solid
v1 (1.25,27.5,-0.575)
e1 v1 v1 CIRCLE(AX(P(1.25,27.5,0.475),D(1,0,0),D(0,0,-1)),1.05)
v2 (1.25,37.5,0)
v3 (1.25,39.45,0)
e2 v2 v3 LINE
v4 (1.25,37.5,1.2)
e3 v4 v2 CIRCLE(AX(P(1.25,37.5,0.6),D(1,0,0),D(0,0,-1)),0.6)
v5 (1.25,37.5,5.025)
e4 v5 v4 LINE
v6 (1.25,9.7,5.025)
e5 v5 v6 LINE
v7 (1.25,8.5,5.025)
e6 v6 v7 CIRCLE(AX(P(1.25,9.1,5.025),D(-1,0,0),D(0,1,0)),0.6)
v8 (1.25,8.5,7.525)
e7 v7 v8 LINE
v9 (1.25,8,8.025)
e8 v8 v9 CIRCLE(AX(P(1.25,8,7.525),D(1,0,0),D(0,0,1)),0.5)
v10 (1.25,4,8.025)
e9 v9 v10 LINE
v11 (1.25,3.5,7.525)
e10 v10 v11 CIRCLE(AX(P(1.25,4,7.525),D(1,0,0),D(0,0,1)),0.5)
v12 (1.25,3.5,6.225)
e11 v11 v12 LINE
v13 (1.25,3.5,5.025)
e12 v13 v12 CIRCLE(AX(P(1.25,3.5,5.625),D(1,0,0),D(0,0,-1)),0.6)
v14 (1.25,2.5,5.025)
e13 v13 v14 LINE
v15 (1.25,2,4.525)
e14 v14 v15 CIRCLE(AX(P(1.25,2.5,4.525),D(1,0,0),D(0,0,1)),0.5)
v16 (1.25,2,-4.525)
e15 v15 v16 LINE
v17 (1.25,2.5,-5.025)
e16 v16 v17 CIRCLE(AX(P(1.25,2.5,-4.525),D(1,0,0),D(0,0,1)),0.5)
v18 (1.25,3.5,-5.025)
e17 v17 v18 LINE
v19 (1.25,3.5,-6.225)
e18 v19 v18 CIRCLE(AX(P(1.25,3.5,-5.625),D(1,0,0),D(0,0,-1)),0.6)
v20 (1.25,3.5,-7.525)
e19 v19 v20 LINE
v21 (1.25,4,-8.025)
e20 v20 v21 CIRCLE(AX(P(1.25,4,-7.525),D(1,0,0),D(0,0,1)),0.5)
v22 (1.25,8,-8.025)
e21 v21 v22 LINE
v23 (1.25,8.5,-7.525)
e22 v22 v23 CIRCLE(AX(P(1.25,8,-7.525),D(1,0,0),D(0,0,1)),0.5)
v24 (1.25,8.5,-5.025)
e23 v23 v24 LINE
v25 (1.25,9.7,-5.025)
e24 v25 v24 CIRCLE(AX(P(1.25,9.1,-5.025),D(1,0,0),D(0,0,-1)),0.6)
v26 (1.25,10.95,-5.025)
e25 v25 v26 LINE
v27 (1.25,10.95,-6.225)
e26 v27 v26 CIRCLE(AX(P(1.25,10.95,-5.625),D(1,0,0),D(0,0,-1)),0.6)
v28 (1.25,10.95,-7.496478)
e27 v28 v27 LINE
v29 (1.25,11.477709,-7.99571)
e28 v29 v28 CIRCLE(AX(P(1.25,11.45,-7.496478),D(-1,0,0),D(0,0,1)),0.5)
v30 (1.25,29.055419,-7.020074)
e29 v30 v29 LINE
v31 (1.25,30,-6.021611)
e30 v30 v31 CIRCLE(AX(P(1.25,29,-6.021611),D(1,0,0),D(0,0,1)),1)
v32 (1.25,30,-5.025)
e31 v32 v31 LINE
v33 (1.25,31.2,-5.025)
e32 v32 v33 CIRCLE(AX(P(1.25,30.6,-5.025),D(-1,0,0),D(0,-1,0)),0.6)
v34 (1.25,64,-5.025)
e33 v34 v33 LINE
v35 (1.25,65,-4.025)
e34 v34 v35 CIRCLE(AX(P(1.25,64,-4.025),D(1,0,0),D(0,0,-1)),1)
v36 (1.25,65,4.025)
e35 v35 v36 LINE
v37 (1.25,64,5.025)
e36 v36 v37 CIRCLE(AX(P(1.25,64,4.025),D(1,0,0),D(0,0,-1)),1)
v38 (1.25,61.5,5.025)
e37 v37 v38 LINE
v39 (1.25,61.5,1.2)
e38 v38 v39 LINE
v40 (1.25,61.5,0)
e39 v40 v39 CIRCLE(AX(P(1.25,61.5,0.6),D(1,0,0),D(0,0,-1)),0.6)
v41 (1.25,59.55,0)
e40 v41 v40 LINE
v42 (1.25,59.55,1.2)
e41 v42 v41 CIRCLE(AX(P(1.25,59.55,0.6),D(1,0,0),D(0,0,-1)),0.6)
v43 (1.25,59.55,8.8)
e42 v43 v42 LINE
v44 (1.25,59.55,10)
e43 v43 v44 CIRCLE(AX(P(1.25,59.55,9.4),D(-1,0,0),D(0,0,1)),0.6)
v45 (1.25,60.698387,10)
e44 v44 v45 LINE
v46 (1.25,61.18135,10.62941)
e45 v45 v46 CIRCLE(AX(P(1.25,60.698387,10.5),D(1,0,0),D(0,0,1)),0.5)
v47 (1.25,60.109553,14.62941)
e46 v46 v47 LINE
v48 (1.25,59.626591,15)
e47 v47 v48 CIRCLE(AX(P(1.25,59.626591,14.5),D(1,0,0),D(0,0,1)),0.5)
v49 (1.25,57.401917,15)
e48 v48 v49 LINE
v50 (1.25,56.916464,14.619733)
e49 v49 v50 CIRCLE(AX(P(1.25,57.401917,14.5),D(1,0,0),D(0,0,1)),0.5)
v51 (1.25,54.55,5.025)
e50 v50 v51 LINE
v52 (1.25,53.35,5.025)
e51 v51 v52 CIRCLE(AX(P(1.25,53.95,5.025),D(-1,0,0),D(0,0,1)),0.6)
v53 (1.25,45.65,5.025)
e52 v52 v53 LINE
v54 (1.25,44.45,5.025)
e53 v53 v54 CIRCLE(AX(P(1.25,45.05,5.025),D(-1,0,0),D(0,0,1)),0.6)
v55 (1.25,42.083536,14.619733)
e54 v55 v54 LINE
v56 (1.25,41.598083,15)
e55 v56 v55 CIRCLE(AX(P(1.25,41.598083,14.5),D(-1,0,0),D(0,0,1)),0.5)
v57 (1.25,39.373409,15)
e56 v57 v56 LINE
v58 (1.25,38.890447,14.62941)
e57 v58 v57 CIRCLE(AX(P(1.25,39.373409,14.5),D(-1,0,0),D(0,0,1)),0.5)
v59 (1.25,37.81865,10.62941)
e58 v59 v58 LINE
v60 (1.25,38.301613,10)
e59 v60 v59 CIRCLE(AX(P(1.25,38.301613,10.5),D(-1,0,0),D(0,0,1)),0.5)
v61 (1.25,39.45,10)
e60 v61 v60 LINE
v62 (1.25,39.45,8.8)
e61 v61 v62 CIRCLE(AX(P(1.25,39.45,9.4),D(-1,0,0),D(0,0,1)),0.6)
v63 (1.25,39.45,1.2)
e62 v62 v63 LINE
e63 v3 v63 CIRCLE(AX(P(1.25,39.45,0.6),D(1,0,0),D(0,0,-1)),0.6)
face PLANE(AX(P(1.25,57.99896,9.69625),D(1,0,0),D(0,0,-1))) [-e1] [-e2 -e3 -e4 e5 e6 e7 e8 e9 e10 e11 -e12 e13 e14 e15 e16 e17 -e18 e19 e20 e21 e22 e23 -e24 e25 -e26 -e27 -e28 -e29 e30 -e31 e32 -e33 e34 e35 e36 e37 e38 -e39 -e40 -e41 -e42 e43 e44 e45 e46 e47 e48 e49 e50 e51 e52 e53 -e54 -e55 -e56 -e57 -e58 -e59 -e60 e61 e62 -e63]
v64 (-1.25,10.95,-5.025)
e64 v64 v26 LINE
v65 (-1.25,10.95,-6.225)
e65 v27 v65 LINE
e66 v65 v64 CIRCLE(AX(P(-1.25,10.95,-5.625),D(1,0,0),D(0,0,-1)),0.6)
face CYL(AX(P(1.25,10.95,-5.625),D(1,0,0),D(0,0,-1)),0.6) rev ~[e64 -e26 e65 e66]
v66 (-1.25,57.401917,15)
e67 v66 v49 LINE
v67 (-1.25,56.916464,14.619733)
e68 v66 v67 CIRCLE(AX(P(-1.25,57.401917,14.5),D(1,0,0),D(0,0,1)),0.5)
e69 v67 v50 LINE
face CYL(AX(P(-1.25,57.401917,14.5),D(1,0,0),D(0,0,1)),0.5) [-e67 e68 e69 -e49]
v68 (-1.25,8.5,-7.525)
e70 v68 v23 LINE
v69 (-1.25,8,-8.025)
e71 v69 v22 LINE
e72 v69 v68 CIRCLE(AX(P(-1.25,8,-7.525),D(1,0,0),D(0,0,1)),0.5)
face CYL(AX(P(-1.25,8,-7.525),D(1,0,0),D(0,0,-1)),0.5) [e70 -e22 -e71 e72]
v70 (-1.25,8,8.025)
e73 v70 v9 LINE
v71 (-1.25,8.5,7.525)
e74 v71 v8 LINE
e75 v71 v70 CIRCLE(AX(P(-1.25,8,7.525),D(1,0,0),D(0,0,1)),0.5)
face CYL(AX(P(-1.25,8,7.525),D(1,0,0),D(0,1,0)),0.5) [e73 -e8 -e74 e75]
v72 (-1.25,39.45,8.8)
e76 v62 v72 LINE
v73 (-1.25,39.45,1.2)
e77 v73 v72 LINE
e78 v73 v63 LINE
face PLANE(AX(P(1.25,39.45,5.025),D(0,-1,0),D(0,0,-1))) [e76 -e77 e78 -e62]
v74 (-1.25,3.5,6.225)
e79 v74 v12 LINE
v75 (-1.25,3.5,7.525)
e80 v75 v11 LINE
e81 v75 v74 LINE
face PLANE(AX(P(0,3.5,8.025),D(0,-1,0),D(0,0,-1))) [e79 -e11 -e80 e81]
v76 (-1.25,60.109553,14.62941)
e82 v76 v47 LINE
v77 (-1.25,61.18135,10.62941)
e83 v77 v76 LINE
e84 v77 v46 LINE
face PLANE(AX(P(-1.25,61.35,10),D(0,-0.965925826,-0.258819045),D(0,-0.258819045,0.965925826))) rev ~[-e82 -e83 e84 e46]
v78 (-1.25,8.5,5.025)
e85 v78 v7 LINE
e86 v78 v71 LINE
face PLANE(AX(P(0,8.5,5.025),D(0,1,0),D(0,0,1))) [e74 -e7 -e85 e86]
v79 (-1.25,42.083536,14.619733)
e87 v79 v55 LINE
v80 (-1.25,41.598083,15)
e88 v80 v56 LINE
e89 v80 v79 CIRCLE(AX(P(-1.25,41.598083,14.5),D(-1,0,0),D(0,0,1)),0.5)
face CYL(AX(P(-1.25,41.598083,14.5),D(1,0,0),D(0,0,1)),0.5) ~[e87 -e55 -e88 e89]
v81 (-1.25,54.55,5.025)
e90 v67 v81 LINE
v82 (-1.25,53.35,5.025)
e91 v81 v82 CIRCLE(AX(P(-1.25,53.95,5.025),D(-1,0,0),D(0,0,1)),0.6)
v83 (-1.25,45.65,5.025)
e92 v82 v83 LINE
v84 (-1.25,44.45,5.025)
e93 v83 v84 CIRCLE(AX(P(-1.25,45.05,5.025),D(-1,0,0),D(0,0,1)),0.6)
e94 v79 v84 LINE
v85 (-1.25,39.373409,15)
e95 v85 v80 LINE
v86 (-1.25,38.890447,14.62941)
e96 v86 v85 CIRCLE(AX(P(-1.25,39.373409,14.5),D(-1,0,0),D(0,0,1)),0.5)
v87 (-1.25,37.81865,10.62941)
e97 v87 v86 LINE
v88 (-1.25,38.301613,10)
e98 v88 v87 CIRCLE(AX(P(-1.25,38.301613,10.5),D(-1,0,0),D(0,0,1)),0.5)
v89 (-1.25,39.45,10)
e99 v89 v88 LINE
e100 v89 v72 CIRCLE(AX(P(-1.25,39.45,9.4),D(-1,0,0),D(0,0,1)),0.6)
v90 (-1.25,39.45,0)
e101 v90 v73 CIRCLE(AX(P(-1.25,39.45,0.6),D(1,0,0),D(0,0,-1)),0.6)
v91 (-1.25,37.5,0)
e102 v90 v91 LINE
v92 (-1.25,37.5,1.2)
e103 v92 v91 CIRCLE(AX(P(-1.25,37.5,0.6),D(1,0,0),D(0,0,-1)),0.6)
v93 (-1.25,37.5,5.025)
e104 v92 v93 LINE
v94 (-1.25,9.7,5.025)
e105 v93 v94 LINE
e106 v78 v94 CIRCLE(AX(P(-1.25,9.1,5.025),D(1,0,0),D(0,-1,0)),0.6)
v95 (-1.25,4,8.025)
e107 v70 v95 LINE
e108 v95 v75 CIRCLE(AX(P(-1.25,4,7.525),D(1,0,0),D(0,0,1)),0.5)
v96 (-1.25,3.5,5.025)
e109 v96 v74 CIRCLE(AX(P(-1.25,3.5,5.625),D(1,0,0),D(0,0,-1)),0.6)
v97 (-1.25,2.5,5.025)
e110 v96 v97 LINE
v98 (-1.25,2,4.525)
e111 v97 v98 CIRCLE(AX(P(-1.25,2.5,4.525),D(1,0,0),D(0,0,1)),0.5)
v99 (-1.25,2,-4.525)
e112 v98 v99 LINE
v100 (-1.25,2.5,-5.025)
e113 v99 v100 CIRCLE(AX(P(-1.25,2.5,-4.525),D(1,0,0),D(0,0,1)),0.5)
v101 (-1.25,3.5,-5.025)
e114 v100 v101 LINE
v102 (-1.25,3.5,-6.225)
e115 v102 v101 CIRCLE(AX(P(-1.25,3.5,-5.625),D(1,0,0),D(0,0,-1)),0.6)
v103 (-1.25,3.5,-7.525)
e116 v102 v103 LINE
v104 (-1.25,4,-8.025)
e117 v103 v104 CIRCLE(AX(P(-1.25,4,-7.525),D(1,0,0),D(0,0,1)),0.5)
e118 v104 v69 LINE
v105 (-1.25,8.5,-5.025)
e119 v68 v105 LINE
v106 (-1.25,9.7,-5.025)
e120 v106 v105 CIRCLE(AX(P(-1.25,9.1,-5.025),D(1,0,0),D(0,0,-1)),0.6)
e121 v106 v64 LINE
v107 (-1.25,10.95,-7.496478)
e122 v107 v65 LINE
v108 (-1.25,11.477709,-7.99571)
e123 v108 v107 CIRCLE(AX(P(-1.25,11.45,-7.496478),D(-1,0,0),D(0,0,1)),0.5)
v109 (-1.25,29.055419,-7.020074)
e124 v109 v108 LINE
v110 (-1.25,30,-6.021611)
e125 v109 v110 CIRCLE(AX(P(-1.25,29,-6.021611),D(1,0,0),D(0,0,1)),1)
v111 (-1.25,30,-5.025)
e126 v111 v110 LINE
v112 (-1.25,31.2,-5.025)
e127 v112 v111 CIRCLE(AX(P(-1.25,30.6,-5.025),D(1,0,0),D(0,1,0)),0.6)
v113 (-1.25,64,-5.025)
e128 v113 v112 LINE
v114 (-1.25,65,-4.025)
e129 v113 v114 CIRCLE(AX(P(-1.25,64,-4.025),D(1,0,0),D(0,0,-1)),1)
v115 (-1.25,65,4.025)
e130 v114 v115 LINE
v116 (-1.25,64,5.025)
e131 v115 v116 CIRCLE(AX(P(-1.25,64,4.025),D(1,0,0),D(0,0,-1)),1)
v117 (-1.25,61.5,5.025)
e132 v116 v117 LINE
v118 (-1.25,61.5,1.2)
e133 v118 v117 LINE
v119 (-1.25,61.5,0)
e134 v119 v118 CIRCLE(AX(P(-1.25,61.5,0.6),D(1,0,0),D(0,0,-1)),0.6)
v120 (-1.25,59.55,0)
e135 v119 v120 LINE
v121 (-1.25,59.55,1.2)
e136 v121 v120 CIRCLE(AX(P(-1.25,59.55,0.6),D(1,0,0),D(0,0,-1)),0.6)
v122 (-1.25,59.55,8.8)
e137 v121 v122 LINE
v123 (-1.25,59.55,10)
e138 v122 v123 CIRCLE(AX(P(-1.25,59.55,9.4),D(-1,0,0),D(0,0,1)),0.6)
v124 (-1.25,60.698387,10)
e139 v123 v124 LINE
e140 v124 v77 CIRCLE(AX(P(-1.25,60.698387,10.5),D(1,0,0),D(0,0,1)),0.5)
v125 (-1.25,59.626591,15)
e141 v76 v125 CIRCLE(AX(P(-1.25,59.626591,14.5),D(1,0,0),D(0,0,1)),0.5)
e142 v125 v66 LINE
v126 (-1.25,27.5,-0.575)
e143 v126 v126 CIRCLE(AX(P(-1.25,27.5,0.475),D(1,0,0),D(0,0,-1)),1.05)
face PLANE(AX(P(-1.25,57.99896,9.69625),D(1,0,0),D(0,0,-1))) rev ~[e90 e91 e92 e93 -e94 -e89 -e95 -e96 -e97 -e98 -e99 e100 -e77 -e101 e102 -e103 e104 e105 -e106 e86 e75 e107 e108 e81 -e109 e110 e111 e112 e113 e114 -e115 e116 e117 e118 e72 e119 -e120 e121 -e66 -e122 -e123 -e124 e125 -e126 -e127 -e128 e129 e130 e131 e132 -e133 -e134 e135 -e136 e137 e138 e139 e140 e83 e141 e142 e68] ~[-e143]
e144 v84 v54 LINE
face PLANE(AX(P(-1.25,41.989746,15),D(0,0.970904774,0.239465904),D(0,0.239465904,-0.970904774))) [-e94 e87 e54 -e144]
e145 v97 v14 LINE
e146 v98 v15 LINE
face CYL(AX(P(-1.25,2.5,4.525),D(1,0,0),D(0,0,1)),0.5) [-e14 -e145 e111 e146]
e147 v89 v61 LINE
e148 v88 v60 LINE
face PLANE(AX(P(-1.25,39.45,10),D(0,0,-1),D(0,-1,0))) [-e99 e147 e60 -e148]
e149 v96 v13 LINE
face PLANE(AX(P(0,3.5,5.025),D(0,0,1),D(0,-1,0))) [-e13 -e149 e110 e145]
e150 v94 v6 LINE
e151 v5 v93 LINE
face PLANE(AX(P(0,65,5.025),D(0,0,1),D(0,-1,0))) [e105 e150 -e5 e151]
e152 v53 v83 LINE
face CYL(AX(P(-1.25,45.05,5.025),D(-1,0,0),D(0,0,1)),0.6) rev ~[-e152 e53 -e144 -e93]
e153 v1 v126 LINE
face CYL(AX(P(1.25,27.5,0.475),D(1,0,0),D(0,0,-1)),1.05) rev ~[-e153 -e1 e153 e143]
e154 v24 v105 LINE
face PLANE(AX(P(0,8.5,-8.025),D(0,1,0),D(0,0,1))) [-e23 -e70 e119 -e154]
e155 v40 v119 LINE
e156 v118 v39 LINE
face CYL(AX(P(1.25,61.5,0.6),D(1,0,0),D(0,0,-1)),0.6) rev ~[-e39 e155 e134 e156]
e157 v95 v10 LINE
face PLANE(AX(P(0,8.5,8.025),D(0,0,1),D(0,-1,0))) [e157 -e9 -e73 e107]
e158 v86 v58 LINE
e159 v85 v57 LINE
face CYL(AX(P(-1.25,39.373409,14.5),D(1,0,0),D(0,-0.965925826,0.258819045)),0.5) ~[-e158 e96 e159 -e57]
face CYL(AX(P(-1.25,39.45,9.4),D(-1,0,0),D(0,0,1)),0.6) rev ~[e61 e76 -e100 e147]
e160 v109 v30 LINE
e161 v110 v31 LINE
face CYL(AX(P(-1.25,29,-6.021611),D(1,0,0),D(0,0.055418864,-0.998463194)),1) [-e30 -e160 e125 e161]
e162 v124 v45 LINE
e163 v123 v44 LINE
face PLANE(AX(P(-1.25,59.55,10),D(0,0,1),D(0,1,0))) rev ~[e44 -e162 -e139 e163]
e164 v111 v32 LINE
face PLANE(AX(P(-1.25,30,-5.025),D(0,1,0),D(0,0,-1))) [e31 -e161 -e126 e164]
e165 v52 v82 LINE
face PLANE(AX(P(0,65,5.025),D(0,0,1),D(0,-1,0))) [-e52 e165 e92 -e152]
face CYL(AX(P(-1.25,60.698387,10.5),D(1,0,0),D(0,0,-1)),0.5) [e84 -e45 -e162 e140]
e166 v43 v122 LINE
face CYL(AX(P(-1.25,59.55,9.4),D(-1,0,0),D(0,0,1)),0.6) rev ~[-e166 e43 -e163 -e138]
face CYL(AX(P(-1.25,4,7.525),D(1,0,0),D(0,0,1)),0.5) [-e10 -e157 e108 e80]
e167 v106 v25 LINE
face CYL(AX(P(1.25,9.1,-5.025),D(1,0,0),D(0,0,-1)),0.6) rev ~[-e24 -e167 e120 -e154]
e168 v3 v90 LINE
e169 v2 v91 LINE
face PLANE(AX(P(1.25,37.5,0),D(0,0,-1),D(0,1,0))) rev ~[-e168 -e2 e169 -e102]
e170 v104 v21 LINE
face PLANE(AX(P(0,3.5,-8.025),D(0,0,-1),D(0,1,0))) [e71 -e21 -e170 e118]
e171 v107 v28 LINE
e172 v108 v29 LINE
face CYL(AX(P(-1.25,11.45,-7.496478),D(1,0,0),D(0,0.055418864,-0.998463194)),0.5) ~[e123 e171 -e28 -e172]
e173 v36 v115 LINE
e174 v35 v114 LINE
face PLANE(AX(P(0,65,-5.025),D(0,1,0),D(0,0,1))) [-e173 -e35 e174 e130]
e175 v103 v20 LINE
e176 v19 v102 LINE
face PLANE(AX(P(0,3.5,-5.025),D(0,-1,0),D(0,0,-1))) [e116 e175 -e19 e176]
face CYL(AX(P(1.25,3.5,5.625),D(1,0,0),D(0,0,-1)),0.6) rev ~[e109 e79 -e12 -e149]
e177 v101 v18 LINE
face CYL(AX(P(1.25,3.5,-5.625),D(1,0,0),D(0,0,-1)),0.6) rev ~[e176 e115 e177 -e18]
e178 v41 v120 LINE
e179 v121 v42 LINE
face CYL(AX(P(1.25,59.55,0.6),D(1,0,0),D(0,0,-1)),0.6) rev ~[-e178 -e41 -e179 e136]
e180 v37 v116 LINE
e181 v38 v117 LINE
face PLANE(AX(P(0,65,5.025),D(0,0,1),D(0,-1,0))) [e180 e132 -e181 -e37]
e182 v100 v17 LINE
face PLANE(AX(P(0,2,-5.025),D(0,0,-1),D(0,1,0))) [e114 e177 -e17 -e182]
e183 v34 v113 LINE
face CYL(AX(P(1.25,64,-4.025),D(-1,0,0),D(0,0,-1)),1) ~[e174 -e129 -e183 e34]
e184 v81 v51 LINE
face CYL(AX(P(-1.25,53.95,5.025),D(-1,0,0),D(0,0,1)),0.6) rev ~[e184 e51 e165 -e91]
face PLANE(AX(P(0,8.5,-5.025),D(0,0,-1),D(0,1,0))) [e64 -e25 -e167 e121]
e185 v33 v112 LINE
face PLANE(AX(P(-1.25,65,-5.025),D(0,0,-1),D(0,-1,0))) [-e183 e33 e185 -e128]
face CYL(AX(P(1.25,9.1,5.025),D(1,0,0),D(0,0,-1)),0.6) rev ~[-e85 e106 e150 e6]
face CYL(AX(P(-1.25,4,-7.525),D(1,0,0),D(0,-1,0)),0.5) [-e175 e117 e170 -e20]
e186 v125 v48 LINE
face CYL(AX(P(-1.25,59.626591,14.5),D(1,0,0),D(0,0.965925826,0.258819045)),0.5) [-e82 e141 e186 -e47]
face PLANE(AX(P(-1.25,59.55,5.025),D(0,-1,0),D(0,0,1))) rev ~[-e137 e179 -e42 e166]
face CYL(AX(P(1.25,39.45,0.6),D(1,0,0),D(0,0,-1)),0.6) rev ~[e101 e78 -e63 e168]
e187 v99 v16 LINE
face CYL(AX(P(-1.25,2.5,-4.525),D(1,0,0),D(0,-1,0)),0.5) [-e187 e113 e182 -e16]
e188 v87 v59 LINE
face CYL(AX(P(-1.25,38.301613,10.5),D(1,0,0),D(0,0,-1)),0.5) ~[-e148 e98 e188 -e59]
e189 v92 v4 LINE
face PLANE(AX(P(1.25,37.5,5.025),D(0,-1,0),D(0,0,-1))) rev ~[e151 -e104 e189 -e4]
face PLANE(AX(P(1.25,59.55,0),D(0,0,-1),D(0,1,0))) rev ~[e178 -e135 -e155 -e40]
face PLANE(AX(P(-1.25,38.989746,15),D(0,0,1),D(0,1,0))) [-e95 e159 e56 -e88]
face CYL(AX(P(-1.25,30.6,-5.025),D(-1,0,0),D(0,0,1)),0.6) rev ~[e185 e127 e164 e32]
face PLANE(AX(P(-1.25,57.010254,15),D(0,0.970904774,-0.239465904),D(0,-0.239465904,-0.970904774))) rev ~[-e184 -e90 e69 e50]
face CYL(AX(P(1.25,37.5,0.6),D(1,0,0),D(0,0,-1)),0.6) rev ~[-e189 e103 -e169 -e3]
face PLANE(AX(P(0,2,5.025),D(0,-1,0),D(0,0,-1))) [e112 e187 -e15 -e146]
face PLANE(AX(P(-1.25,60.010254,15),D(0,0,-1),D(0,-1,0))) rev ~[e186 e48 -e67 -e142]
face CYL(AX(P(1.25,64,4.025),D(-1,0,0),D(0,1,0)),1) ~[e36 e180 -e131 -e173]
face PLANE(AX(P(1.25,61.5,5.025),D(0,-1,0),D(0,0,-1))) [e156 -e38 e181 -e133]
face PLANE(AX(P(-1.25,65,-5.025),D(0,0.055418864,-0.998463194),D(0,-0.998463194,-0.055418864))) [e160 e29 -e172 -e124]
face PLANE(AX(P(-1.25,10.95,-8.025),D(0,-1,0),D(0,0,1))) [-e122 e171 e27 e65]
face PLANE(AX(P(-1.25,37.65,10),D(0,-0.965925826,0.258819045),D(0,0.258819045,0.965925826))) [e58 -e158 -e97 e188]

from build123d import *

# Parameters (mm, degrees)
EXTRUDE_1_DEPTH     = 1.25
EXTRUDE_2_DEPTH     = 2.5
SKETCH_3_R          = 0.6
CUT_EXTRUDE_1_DEPTH = 3.5
FILLET_1_R          = 0.5
SKETCH_5_W          = 5.025
SKETCH_5_H          = 1.95
CUT_EXTRUDE_2_DEPTH = 3.5
SKETCH_6_R          = 0.6
CUT_EXTRUDE_3_DEPTH = 3.5
CUT_EXTRUDE_4_DEPTH = 3.5
SKETCH_8_R          = 0.6
CUT_EXTRUDE_5_DEPTH = 3.5
FILLET_2_R          = 1
EXTRUDE_3_DEPTH     = 2.5
SKETCH_10_R         = 0.6
CUT_EXTRUDE_6_DEPTH = 3.5
FILLET_3_R          = 0.5
SKETCH_11_R         = 1.05
CUT_EXTRUDE_7_DEPTH = 3.5


with BuildPart() as part:
    # 草图2 → 凸台-拉伸1 (new body, symmetric)
    with BuildSketch(Plane(origin=(0, 0, 0), x_dir=(0, 0, -1), z_dir=(1, 0, 0))):
        Polygon((-5.025, 65), (-5.025, 8.5), (-8.025, 8.5), (-8.025, 3.5), (-5.025, 3.5), (-5.025, 2), (5.025, 2), (5.025, 3.5), (8.025, 3.5), (8.025, 8.5), (5.025, 8.5), (5.025, 65), align=None)
    extrude(amount=EXTRUDE_1_DEPTH, both=True)

    # 草图4 → 凸台-拉伸2 (add)
    with BuildSketch(Plane.ZY.offset(1.25)):
        Polygon((-5.025, 65), (-8.025, 10.95), (-5.025, 10.95), align=None)
    extrude(amount=-EXTRUDE_2_DEPTH)

    # 草图3 → 切除-拉伸1 (cut, through all)
    with BuildSketch(Plane(origin=(1.25, 0, 0), x_dir=(0, 0, -1), z_dir=(1, 0, 0))):
        with Locations((-5.025, 9.1)):
            Circle(SKETCH_3_R)
        with Locations((-5.625, 3.5)):
            Circle(SKETCH_3_R)
        with Locations((5.025, 9.1)):
            Circle(SKETCH_3_R)
        with Locations((5.625, 3.5)):
            Circle(SKETCH_3_R)
        with Locations((5.625, 10.95)):
            Circle(SKETCH_3_R)
    extrude(amount=-CUT_EXTRUDE_1_DEPTH, mode=Mode.SUBTRACT)

    # 圆角1
    fillet_1_edges = [part.edges().sort_by_distance(p)[0] for p in [
        (0, 8.5, -8.025),
        (0, 3.5, -8.025),
        (0, 2, -5.025),
        (0, 2, 5.025),
        (0, 3.5, 8.025),
        (0, 8.5, 8.025),
        (0, 10.95, -8.025),
    ]]
    fillet(fillet_1_edges, radius=FILLET_1_R)

    # 草图5 → 切除-拉伸2 (cut, through all)
    with BuildSketch(Plane(origin=(1.25, 0, 0), x_dir=(0, 0, -1), z_dir=(1, 0, 0))):
        with Locations((-2.5125, 38.475)):
            Rectangle(SKETCH_5_W, SKETCH_5_H)
        with Locations((-2.5125, 60.525)):
            Rectangle(SKETCH_5_W, SKETCH_5_H)
    extrude(amount=-CUT_EXTRUDE_2_DEPTH, mode=Mode.SUBTRACT)

    # 草图6 → 切除-拉伸3 (cut, through all)
    with BuildSketch(Plane(origin=(1.25, 0, 0), x_dir=(0, 0, -1), z_dir=(1, 0, 0))):
        with Locations((-0.6, 61.5)):
            Circle(SKETCH_6_R)
        with Locations((-0.6, 59.55)):
            Circle(SKETCH_6_R)
        with Locations((-0.6, 39.45)):
            Circle(SKETCH_6_R)
        with Locations((-0.6, 37.5)):
            Circle(SKETCH_6_R)
    extrude(amount=-CUT_EXTRUDE_3_DEPTH, mode=Mode.SUBTRACT)

    # 草图7 → 切除-拉伸4 (cut, through all)
    with BuildSketch(Plane.ZY.offset(1.25)):
        Polygon((-5.025, 65), (-5.025, 30), (-6.967645698, 30), align=None)
    extrude(amount=-CUT_EXTRUDE_4_DEPTH, mode=Mode.SUBTRACT)

    # 草图8 → 切除-拉伸5 (cut, through all)
    with BuildSketch(Plane.ZY.offset(1.25)):
        with Locations((-5.025, 30.6)):
            Circle(SKETCH_8_R)
    extrude(amount=-CUT_EXTRUDE_5_DEPTH, mode=Mode.SUBTRACT)

    # 圆角2
    fillet_2_edges = [part.edges().sort_by_distance(p)[0] for p in [
        (0, 65, -5.025),
        (0, 30, -6.967645698),
        (0, 65, 5.025),
    ]]
    fillet(fillet_2_edges, radius=FILLET_2_R)

    # 草图9 → 凸台-拉伸3 (add)
    with BuildSketch(Plane.ZY.offset(1.25)):
        Polygon((5.025, 59.55), (10, 59.55), (10, 61.35), (15, 60.010254038), (15, 57.010254038), (5.025, 54.55), align=None)
        Polygon((15, 41.989745962), (5.025, 44.45), (5.025, 39.45), (10, 39.45), (10, 37.65), (15, 38.989745962), align=None)
    extrude(amount=-EXTRUDE_3_DEPTH)

    # 草图10 → 切除-拉伸6 (cut, through all)
    with BuildSketch(Plane.ZY.offset(1.25)):
        with Locations((5.025, 53.95)):
            Circle(SKETCH_10_R)
        with Locations((5.025, 45.05)):
            Circle(SKETCH_10_R)
        with Locations((9.4, 59.55)):
            Circle(SKETCH_10_R)
        with Locations((9.4, 39.45)):
            Circle(SKETCH_10_R)
    extrude(amount=-CUT_EXTRUDE_6_DEPTH, mode=Mode.SUBTRACT)

    # 圆角3
    fillet_3_edges = [part.edges().sort_by_distance(p)[0] for p in [
        (0, 61.35, 10),
        (0, 60.010254038, 15),
        (0, 57.010254038, 15),
        (0, 41.989745962, 15),
        (0, 38.989745962, 15),
        (0, 37.65, 10),
    ]]
    fillet(fillet_3_edges, radius=FILLET_3_R)

    # 草图11 → 切除-拉伸7 (cut, through all)
    with BuildSketch(Plane(origin=(1.25, 0, 0), x_dir=(0, 0, -1), z_dir=(1, 0, 0))):
        with Locations((-0.475, 27.5)):
            Circle(SKETCH_11_R)
    extrude(amount=-CUT_EXTRUDE_7_DEPTH, mode=Mode.SUBTRACT)


solid = part.part
